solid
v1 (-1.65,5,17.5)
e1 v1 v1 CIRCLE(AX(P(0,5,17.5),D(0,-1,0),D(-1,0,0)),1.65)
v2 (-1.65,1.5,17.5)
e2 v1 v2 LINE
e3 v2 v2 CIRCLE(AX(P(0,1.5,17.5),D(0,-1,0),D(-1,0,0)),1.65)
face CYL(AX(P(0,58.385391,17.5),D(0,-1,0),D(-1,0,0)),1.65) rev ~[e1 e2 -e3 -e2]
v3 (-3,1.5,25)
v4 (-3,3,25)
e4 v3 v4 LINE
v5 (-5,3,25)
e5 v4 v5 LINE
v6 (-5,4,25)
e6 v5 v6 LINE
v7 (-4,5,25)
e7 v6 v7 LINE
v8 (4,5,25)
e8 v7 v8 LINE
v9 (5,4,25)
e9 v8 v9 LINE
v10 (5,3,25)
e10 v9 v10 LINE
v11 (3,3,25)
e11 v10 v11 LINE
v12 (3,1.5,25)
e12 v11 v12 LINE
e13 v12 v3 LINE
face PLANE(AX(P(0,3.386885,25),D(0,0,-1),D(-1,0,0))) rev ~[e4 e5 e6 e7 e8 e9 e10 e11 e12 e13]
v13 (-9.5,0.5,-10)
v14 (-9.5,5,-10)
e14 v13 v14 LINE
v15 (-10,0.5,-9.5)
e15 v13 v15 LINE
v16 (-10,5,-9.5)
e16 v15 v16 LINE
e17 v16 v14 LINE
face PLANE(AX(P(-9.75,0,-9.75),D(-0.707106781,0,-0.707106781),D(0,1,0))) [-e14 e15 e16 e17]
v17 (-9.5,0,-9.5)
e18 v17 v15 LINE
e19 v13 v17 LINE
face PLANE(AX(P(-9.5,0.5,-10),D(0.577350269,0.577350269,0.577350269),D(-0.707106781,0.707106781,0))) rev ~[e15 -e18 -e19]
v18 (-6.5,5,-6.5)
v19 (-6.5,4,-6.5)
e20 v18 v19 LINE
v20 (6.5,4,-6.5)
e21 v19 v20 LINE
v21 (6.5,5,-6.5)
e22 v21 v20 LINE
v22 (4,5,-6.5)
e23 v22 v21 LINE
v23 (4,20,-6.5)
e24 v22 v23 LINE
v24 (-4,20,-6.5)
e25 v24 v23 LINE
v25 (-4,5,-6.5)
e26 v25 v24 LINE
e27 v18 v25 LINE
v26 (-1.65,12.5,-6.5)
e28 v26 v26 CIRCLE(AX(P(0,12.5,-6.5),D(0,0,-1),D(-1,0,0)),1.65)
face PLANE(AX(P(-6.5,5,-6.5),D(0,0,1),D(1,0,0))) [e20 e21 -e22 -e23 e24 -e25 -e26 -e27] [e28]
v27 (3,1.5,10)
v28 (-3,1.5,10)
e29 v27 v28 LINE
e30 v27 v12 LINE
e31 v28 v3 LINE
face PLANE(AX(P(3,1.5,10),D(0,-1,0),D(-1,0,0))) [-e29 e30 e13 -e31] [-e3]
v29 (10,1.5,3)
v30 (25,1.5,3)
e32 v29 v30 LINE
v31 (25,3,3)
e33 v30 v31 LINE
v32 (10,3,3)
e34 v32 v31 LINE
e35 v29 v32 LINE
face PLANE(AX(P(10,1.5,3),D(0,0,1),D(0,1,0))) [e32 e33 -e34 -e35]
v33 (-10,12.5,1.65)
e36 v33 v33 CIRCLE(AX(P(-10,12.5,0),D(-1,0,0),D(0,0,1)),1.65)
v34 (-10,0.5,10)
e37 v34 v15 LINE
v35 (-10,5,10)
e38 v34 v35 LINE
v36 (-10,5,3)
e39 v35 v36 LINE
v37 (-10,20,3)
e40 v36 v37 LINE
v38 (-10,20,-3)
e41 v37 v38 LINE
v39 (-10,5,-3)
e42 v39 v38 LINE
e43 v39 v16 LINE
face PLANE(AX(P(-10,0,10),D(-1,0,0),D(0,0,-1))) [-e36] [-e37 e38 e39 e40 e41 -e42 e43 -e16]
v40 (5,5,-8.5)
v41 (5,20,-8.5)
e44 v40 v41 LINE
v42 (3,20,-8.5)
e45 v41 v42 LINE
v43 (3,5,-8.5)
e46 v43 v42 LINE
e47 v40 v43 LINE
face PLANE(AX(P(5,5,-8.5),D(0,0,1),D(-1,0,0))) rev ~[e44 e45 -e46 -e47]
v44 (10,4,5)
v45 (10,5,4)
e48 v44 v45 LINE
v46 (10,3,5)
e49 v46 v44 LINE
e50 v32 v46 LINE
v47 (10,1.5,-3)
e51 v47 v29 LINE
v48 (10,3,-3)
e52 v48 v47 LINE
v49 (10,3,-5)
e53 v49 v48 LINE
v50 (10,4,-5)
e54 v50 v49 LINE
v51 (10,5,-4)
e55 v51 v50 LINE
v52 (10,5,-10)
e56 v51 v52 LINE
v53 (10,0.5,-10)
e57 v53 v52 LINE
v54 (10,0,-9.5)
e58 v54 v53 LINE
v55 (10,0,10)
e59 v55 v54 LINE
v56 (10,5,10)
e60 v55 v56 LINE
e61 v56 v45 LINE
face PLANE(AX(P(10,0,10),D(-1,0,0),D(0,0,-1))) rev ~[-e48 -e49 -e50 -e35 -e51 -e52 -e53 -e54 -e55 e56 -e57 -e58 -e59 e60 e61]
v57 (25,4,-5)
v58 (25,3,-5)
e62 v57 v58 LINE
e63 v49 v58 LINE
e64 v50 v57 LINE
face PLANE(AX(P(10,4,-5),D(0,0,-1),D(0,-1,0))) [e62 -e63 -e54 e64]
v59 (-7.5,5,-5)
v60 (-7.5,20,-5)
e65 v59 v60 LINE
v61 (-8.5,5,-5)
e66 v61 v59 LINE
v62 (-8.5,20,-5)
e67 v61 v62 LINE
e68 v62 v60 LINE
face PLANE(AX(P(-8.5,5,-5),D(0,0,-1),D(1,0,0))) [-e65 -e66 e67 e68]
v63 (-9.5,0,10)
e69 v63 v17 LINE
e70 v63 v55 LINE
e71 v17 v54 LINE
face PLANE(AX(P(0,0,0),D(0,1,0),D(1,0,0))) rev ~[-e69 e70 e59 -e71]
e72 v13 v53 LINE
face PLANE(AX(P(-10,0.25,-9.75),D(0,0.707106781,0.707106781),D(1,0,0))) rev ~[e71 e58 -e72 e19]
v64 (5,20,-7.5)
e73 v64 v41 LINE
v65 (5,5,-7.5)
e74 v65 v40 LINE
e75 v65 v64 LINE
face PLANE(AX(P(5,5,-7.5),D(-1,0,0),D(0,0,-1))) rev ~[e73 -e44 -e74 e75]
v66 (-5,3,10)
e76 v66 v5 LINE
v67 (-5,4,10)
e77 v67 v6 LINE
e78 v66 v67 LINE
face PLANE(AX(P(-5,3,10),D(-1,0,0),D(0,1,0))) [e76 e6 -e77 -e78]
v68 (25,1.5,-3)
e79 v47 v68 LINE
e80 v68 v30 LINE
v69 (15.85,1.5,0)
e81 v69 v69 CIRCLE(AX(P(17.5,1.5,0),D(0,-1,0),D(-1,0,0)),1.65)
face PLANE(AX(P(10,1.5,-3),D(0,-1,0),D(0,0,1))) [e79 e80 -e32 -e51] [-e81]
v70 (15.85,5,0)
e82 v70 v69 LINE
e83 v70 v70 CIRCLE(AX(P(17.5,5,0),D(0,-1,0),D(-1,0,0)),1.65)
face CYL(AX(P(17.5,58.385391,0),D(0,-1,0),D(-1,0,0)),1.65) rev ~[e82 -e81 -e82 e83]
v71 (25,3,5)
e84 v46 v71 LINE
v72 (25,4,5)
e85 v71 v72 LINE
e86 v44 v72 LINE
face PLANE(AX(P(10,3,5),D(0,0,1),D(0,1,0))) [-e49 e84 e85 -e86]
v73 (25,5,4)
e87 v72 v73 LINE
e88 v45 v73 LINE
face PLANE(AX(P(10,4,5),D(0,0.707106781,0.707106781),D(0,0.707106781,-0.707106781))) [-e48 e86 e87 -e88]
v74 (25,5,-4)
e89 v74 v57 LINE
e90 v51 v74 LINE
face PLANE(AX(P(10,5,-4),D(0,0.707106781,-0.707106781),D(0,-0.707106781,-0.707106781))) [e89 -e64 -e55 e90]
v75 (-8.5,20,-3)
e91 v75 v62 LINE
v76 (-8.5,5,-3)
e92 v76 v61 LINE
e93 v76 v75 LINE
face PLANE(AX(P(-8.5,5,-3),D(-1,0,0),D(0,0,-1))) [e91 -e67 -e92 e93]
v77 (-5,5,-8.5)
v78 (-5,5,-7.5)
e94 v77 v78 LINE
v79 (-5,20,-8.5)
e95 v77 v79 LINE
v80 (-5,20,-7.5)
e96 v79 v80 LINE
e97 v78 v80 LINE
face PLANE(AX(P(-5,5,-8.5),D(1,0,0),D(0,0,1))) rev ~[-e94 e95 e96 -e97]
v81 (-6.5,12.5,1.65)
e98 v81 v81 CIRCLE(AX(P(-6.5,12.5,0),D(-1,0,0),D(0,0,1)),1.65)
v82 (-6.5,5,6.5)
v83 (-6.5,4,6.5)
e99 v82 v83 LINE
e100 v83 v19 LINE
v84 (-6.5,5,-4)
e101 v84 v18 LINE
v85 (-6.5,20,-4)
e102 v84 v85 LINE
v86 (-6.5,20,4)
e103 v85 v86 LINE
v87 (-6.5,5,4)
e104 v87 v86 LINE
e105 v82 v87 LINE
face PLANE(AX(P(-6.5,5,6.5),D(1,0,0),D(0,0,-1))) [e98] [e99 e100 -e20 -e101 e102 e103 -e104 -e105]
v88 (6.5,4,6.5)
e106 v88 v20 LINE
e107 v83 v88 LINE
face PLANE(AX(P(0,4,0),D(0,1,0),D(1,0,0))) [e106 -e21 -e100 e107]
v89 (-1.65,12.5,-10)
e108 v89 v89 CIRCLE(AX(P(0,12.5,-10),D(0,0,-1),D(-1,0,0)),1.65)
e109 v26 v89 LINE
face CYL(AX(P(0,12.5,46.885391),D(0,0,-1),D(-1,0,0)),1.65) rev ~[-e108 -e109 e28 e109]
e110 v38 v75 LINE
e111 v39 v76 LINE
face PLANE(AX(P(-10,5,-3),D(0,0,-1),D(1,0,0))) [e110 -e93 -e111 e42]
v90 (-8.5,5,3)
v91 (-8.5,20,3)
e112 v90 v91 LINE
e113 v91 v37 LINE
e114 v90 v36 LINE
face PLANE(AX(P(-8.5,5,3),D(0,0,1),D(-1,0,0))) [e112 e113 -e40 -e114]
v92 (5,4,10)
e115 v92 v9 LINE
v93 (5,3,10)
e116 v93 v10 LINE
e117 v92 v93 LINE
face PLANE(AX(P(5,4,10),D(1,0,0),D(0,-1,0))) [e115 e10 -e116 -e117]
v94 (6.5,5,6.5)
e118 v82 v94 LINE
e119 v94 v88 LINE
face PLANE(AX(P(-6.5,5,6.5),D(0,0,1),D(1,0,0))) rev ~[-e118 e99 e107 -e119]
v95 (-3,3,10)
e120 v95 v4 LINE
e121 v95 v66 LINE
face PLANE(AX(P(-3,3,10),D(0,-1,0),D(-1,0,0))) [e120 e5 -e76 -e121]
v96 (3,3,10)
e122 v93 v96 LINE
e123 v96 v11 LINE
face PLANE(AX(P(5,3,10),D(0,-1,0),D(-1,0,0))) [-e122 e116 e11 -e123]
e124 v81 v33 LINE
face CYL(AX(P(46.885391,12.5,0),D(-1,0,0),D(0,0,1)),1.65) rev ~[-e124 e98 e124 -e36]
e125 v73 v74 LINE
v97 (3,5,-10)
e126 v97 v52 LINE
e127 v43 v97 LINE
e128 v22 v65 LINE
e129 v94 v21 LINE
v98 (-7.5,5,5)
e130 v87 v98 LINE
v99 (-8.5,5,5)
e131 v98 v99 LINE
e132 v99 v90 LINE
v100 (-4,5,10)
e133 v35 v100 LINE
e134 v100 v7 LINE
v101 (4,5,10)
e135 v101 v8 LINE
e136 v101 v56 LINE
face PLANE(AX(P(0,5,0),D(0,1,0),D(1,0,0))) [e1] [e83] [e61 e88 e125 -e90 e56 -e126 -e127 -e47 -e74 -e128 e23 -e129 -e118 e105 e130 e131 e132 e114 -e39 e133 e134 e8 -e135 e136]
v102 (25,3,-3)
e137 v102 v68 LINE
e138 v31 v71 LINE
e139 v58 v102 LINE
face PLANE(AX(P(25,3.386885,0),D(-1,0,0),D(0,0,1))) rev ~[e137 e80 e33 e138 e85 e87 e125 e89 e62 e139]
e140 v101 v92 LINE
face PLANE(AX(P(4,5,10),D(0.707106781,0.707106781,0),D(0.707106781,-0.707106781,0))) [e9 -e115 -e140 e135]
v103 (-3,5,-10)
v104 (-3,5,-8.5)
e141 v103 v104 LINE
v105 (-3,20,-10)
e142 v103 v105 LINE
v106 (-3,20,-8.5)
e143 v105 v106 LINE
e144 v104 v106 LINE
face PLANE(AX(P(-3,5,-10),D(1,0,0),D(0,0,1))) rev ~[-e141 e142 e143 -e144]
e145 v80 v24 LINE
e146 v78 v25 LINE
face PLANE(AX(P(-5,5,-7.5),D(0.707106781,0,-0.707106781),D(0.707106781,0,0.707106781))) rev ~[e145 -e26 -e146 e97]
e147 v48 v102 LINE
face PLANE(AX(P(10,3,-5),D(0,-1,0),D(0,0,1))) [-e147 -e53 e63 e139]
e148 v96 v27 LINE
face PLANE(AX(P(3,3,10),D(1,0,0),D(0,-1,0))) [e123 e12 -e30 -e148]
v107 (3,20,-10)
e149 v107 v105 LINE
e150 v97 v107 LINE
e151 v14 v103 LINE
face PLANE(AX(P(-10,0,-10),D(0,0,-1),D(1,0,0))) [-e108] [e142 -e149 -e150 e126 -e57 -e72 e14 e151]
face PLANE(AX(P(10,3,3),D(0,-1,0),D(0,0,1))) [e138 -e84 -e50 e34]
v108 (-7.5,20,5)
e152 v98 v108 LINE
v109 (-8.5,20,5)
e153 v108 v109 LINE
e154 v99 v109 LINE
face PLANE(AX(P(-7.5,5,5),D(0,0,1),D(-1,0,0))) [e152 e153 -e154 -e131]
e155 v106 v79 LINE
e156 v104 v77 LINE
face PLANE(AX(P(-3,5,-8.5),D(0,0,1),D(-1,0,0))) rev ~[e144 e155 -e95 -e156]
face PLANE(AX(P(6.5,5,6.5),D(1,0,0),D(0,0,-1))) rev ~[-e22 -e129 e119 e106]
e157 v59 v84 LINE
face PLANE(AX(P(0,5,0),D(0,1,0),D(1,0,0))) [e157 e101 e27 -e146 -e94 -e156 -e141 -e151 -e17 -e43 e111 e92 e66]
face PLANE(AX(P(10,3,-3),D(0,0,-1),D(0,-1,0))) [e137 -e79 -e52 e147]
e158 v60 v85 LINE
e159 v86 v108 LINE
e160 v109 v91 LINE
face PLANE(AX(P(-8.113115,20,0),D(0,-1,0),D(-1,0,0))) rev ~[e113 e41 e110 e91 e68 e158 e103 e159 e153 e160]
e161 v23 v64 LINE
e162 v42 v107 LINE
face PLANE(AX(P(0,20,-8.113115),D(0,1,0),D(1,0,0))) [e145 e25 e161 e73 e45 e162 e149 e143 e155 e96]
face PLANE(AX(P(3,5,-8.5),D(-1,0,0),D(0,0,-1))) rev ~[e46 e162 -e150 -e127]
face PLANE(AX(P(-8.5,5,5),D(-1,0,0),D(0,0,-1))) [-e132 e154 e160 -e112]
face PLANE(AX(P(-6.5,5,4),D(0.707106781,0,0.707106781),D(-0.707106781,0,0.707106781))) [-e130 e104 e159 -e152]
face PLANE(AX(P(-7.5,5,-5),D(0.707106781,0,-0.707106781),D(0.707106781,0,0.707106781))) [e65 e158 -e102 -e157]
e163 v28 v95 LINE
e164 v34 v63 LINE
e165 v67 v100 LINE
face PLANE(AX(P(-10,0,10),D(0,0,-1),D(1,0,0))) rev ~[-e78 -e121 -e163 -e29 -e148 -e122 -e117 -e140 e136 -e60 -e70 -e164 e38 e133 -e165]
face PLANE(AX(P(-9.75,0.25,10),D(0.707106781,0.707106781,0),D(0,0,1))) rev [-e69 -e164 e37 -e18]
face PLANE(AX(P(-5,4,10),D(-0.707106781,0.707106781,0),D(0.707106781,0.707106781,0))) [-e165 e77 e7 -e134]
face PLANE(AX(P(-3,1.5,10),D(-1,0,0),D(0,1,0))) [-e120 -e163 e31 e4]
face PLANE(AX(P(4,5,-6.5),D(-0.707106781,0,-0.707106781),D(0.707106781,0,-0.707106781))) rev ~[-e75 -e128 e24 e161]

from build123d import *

# Parameters (mm, degrees)
SKETCH_1_W          = 20
SKETCH_1_H          = 20
EXTRUDE_1_DEPTH     = 5
EXTRUDE_3_DEPTH     = 15
EXTRUDE_4_DEPTH     = 15
EXTRUDE_5_DEPTH     = 15
SKETCH_9_W          = 13
SKETCH_9_H          = 13
CUT_EXTRUDE_4_DEPTH = 1
HOLE_WIZARD_M4_1_D  = 3.3
HOLE_WIZARD_M4_2_D  = 3.3
HOLE_WIZARD_M4_3_D  = 3.3
CHAMFER_1_SIZE      = 0.5


with BuildPart() as part:
    # 草图1 → 凸台-拉伸1 (new body)
    with BuildSketch(Plane(origin=(0, 0, 0), x_dir=(1, 0, 0), z_dir=(0, 1, 0))):
        Rectangle(SKETCH_1_W, SKETCH_1_H)
    extrude(amount=EXTRUDE_1_DEPTH)

    # 草图6 → 凸台-拉伸3 (add)
    with BuildSketch(Plane(origin=(10, 0, 0), x_dir=(0, 0, -1), z_dir=(1, 0, 0))):
        Polygon((-3, 1.5), (-3, 3), (-5, 3), (-5, 4), (-4, 5), (4, 5), (5, 4), (5, 3), (3, 3), (3, 1.5), align=None)
    extrude(amount=EXTRUDE_3_DEPTH)

    # 草图7 → 凸台-拉伸4 (add)
    with BuildSketch(Plane.XY.offset(10)):
        Polygon((-3, 1.5), (-3, 3), (-5, 3), (-5, 4), (-4, 5), (4, 5), (5, 4), (5, 3), (3, 3), (3, 1.5), align=None)
    extrude(amount=EXTRUDE_4_DEPTH)

    # 草图8 → 凸台-拉伸5 (add)
    with BuildSketch(Plane(origin=(0, 5, 0), x_dir=(1, 0, 0), z_dir=(0, 1, 0))):
        Polygon((-10, 3), (-8.5, 3), (-8.5, 5), (-7.5, 5), (-6.5, 4), (-6.5, -4), (-7.5, -5), (-8.5, -5), (-8.5, -3), (-10, -3), align=None)
        Polygon((3, 10), (-3, 10), (-3, 8.5), (-5, 8.5), (-5, 7.5), (-4, 6.5), (4, 6.5), (5, 7.5), (5, 8.5), (3, 8.5), align=None)
    extrude(amount=EXTRUDE_5_DEPTH)

    # 草图9 → 切除-拉伸4 (cut)
    with BuildSketch(Plane(origin=(0, 5, 0), x_dir=(1, 0, 0), z_dir=(0, 1, 0))):
        Rectangle(SKETCH_9_W, SKETCH_9_H)
    extrude(amount=-CUT_EXTRUDE_4_DEPTH, mode=Mode.SUBTRACT)

    # M4 螺纹孔1 (through all)
    with Locations(Plane(origin=(0, 5, 0), x_dir=(1, 0, 0), z_dir=(0, 1, 0))):
        with Locations((0, -17.5), (17.5, 0)):
            Hole(HOLE_WIZARD_M4_1_D / 2)

    # M4 螺纹孔2 (through all)
    with Locations(Plane.XY.offset(-6.5)):
        with Locations((0, 12.5)):
            Hole(HOLE_WIZARD_M4_2_D / 2)

    # M4 螺纹孔3 (through all)
    with Locations(Plane(origin=(-6.5, 0, 0), x_dir=(0, 0, -1), z_dir=(1, 0, 0))):
        with Locations((0, 12.5)):
            Hole(HOLE_WIZARD_M4_3_D / 2)

    # 倒角1
    chamfer_1_edges = [part.edges().sort_by_distance(p)[0] for p in [
        (-10, 0, 0),
        (0, 0, -10),
        (-10, 2.5, -10),
    ]]
    chamfer(chamfer_1_edges, length=CHAMFER_1_SIZE)


solid = part.part
